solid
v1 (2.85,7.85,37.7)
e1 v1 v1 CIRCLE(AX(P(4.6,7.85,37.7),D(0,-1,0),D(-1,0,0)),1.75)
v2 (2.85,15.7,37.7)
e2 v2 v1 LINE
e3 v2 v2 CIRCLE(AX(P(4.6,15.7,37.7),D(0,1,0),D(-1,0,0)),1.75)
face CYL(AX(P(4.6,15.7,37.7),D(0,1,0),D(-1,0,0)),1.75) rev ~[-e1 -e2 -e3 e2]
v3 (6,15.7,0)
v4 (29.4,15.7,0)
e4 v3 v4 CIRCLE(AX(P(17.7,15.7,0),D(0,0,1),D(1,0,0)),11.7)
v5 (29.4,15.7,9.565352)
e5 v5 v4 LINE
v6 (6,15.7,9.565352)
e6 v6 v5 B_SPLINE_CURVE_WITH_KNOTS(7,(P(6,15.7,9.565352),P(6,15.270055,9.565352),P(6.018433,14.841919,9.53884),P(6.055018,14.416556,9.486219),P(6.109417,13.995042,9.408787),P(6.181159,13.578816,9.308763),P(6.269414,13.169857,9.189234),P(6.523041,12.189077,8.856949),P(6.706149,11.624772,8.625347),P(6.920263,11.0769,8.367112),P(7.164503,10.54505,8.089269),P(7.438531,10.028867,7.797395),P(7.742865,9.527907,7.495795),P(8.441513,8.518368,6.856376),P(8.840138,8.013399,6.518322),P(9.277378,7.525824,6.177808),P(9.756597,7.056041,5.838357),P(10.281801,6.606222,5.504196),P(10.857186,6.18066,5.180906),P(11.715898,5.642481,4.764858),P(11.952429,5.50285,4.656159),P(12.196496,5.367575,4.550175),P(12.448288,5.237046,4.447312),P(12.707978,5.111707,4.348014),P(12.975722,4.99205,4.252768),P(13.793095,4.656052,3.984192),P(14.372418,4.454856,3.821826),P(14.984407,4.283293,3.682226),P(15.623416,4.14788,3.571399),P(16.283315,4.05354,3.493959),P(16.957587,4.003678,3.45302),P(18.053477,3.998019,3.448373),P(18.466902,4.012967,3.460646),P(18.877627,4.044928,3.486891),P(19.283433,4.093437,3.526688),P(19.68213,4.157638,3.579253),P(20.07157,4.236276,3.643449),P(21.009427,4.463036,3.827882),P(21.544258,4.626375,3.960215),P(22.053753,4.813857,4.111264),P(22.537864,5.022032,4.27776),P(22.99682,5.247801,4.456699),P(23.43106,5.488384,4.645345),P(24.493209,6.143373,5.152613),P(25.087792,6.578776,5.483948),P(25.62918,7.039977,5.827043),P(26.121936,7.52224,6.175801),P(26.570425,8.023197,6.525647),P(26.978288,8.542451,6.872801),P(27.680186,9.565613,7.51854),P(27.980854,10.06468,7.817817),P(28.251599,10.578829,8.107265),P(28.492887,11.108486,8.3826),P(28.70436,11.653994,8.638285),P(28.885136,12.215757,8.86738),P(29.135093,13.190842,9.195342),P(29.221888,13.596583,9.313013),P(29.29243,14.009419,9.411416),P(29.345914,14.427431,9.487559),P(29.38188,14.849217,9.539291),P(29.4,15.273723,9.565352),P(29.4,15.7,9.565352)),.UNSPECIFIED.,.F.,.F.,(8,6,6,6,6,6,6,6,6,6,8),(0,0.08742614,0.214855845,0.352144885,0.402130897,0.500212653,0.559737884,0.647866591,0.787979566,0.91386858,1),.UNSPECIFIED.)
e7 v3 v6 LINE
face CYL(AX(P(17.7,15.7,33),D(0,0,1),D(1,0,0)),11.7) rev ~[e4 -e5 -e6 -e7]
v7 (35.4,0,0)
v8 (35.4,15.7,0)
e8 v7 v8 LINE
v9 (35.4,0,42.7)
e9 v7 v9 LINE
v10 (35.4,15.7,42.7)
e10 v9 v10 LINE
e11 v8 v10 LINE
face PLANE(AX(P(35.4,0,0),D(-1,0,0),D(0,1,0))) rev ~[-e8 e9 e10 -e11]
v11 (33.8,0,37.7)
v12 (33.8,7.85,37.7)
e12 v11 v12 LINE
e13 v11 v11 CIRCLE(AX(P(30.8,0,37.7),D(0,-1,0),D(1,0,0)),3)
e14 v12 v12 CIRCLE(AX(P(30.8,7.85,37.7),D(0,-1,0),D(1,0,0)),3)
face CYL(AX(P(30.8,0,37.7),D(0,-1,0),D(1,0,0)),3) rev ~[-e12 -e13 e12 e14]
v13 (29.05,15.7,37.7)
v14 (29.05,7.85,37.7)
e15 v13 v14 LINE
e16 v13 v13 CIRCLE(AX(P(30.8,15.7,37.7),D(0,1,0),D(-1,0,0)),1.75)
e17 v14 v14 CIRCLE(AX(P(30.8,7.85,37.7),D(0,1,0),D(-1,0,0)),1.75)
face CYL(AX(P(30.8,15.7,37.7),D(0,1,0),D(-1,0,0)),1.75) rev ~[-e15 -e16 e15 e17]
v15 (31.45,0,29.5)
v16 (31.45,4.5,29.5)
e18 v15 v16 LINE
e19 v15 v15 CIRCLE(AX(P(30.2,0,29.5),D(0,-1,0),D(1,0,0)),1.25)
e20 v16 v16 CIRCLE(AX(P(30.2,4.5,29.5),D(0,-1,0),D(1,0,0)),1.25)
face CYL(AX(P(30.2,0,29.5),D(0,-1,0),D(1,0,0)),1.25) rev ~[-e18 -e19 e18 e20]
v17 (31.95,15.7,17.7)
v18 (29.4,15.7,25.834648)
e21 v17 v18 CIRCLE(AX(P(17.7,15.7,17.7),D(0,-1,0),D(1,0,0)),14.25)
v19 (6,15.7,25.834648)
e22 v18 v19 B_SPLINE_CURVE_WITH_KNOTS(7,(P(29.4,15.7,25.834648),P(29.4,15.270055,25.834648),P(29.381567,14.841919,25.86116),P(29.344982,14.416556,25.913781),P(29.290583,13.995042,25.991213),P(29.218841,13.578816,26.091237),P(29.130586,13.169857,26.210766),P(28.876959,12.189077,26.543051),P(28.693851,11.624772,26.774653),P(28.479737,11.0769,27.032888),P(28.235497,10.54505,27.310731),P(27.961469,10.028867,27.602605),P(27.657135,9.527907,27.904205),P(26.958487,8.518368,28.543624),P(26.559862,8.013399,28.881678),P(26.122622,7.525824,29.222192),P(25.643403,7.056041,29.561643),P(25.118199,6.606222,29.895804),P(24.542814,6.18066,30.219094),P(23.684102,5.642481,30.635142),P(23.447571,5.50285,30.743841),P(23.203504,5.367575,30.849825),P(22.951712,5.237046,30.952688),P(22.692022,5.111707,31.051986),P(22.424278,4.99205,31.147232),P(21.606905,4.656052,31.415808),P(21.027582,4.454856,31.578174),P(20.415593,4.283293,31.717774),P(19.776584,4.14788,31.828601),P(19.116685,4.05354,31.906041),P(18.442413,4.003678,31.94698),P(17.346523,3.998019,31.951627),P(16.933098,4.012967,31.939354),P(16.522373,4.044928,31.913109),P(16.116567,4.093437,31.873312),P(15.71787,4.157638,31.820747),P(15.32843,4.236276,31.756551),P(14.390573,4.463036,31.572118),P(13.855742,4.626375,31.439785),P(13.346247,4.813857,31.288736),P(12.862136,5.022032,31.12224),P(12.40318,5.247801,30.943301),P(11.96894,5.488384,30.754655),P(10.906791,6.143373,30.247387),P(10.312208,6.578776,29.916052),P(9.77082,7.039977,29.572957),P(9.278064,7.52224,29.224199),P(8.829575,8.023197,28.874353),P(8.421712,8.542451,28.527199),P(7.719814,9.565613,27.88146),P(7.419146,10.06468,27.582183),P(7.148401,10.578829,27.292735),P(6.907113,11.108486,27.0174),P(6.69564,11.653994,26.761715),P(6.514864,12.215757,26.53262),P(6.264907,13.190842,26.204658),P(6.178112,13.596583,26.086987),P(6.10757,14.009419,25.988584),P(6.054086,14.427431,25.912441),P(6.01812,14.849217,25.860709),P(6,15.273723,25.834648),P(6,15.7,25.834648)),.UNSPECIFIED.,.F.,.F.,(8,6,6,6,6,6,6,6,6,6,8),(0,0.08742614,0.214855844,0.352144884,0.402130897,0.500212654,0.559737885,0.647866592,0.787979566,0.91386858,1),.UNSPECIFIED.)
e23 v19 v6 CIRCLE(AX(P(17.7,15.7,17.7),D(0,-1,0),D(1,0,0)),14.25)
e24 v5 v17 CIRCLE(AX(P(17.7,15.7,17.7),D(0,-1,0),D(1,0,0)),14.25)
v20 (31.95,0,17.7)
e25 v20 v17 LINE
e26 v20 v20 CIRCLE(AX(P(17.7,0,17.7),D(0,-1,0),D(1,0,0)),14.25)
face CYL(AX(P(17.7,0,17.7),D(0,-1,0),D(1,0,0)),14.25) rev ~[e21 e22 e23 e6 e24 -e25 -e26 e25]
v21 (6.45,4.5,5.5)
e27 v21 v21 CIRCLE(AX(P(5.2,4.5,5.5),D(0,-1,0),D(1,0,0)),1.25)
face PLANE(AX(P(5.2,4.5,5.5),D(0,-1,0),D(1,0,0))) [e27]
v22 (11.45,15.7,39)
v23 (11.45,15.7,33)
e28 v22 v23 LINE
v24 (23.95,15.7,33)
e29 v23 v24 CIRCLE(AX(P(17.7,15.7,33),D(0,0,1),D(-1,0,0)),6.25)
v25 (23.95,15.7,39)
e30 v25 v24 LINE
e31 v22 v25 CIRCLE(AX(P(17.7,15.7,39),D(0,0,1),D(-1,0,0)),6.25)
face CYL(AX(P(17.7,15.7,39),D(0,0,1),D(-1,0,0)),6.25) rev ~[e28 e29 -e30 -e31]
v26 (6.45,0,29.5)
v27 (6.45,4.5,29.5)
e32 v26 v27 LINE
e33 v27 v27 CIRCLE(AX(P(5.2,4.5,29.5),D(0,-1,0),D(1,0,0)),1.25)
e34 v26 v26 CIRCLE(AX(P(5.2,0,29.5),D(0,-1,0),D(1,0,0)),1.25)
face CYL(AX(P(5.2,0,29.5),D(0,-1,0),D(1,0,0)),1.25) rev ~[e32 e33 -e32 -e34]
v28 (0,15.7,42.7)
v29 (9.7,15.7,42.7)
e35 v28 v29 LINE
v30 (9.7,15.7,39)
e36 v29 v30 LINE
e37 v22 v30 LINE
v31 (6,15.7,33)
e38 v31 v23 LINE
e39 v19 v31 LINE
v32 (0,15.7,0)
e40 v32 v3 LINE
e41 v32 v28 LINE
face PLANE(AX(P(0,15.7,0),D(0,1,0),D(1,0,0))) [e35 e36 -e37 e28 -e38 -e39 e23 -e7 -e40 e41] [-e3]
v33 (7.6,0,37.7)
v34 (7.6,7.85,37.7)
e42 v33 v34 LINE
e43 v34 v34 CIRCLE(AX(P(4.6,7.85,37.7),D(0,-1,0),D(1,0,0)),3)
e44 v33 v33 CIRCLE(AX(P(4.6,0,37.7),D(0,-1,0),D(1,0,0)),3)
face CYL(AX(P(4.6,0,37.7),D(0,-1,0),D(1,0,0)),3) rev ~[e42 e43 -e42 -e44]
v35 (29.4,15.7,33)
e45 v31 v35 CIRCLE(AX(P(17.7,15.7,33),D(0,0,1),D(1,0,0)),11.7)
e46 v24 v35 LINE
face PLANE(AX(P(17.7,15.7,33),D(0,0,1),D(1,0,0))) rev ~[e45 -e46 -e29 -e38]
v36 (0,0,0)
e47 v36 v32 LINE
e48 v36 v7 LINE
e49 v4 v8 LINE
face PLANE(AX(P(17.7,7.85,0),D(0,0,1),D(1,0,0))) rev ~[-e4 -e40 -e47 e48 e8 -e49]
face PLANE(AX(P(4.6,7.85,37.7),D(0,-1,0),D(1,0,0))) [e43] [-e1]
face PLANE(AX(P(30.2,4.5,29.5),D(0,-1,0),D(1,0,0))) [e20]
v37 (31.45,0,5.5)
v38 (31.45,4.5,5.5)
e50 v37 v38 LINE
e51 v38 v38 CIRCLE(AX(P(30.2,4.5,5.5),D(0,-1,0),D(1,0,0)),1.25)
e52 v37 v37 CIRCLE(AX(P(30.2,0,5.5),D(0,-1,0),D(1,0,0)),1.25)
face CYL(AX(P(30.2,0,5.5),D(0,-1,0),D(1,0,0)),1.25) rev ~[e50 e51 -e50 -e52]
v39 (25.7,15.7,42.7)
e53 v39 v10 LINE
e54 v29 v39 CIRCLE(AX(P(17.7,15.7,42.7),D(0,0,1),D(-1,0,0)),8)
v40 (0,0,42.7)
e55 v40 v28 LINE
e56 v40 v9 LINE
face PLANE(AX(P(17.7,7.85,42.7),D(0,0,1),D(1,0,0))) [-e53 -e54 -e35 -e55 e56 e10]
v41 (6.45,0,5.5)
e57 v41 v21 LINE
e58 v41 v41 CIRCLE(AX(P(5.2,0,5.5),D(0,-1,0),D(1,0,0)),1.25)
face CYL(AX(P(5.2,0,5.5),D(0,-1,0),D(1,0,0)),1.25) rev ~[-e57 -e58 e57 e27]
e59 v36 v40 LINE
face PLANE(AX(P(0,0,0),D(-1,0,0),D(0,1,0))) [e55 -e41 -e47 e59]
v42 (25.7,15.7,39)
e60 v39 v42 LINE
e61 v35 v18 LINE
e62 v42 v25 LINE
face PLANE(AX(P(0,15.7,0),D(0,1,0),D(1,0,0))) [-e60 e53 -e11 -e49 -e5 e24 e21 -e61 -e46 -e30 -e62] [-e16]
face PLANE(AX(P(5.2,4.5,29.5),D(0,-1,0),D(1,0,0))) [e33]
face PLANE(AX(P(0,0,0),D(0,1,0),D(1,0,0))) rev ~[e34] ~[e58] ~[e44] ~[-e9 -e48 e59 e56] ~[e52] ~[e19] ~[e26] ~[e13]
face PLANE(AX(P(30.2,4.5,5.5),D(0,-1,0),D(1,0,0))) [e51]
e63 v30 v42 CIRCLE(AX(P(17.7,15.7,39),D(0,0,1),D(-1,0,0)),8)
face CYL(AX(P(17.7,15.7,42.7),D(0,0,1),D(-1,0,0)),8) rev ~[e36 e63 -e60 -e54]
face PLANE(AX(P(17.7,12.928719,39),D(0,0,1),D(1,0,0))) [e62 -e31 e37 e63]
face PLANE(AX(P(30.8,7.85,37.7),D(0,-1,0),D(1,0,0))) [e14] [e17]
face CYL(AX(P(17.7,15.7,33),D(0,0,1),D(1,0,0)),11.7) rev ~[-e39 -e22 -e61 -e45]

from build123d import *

# Parameters (mm, degrees)
F0_W      = 35.4
F0_H      = 15.7
F1_DEPTH  = 42.7
F3_DEPTH  = 3.7
F5_DEPTH  = 6
F6_R      = 11.7
F7_DEPTH  = 35
F8_R      = 14.25
F9_DEPTH  = 25
F10_R     = 1.25
F11_DEPTH = 4.5
F12_R     = 1.75
F13_DEPTH = 25
F14_R     = 3
F14_R_2   = 1.75
F15_DEPTH = 7.85


with BuildPart() as f1:
    # F0 (on Top) → F1 (new body)
    with BuildSketch(Plane.XY):
        with Locations((17.7, 7.85)):
            Rectangle(F0_W, F0_H)
    extrude(amount=F1_DEPTH)

    # F2 (on face) → F3 (cut)
    with BuildSketch(Plane.XY.offset(42.7)):
        with BuildLine():
            ThreePointArc((9.7, 15.7), (17.7, 7.7), (25.7, 15.7))
            Line((25.7, 15.7), (9.7, 15.7))
        make_face()
    extrude(amount=-F3_DEPTH, mode=Mode.SUBTRACT)

    # F4 (on face) → F5 (cut)
    with BuildSketch(Plane.XY.offset(39)):
        with BuildLine():
            ThreePointArc((11.45, 15.7), (17.7, 9.45), (23.95, 15.7))
            Line((23.95, 15.7), (11.45, 15.7))
        make_face()
    extrude(amount=-F5_DEPTH, mode=Mode.SUBTRACT)

    # F6 (on face) → F7 (cut)
    with BuildSketch(Plane.XY.offset(33)):
        with Locations((17.7, 15.7)):
            Circle(F6_R)
        with BuildLine():
            Line((11.45, 15.7), (23.95, 15.7))
            ThreePointArc((23.95, 15.7), (17.7, 9.45), (11.45, 15.7))
        make_face(mode=Mode.SUBTRACT)
        with BuildLine():
            ThreePointArc((11.45, 15.7), (17.7, 9.45), (23.95, 15.7))
            Line((23.95, 15.7), (11.45, 15.7))
        make_face()
    extrude(amount=-F7_DEPTH, mode=Mode.SUBTRACT)

    # F8 (on face) → F9 (cut)
    with BuildSketch(Plane.XZ):
        with Locations((17.7, 17.7)):
            Circle(F8_R)
    extrude(amount=-F9_DEPTH, mode=Mode.SUBTRACT)

    # F10 (on face) → F11 (cut)
    with BuildSketch(Plane.XZ):
        with Locations((5.2, 5.5)):
            Circle(F10_R)
        with Locations((5.2, 29.5)):
            Circle(F10_R)
        with Locations((30.2, 29.5)):
            Circle(F10_R)
        with Locations((30.2, 5.5)):
            Circle(F10_R)
    extrude(amount=-F11_DEPTH, mode=Mode.SUBTRACT)

    # F12 (on face) → F13 (cut)
    with BuildSketch(Plane(origin=(0, 15.7, 0), x_dir=(-1, 0, 0), z_dir=(0, 1, 0))):
        with Locations((-4.6, 37.7)):
            Circle(F12_R)
        with Locations((-30.8, 37.7)):
            Circle(F12_R)
    extrude(amount=-F13_DEPTH, mode=Mode.SUBTRACT)

    # F14 (on face) → F15 (cut)
    with BuildSketch(Plane.XZ):
        with Locations((4.6, 37.7)):
            Circle(F14_R)
        with Locations((4.6, 37.7)):
            Circle(F14_R_2, mode=Mode.SUBTRACT)
        with Locations((30.8, 37.7)):
            Circle(F14_R)
        with Locations((30.8, 37.7)):
            Circle(F14_R_2, mode=Mode.SUBTRACT)
    extrude(amount=-F15_DEPTH, mode=Mode.SUBTRACT)


solid = f1.part
